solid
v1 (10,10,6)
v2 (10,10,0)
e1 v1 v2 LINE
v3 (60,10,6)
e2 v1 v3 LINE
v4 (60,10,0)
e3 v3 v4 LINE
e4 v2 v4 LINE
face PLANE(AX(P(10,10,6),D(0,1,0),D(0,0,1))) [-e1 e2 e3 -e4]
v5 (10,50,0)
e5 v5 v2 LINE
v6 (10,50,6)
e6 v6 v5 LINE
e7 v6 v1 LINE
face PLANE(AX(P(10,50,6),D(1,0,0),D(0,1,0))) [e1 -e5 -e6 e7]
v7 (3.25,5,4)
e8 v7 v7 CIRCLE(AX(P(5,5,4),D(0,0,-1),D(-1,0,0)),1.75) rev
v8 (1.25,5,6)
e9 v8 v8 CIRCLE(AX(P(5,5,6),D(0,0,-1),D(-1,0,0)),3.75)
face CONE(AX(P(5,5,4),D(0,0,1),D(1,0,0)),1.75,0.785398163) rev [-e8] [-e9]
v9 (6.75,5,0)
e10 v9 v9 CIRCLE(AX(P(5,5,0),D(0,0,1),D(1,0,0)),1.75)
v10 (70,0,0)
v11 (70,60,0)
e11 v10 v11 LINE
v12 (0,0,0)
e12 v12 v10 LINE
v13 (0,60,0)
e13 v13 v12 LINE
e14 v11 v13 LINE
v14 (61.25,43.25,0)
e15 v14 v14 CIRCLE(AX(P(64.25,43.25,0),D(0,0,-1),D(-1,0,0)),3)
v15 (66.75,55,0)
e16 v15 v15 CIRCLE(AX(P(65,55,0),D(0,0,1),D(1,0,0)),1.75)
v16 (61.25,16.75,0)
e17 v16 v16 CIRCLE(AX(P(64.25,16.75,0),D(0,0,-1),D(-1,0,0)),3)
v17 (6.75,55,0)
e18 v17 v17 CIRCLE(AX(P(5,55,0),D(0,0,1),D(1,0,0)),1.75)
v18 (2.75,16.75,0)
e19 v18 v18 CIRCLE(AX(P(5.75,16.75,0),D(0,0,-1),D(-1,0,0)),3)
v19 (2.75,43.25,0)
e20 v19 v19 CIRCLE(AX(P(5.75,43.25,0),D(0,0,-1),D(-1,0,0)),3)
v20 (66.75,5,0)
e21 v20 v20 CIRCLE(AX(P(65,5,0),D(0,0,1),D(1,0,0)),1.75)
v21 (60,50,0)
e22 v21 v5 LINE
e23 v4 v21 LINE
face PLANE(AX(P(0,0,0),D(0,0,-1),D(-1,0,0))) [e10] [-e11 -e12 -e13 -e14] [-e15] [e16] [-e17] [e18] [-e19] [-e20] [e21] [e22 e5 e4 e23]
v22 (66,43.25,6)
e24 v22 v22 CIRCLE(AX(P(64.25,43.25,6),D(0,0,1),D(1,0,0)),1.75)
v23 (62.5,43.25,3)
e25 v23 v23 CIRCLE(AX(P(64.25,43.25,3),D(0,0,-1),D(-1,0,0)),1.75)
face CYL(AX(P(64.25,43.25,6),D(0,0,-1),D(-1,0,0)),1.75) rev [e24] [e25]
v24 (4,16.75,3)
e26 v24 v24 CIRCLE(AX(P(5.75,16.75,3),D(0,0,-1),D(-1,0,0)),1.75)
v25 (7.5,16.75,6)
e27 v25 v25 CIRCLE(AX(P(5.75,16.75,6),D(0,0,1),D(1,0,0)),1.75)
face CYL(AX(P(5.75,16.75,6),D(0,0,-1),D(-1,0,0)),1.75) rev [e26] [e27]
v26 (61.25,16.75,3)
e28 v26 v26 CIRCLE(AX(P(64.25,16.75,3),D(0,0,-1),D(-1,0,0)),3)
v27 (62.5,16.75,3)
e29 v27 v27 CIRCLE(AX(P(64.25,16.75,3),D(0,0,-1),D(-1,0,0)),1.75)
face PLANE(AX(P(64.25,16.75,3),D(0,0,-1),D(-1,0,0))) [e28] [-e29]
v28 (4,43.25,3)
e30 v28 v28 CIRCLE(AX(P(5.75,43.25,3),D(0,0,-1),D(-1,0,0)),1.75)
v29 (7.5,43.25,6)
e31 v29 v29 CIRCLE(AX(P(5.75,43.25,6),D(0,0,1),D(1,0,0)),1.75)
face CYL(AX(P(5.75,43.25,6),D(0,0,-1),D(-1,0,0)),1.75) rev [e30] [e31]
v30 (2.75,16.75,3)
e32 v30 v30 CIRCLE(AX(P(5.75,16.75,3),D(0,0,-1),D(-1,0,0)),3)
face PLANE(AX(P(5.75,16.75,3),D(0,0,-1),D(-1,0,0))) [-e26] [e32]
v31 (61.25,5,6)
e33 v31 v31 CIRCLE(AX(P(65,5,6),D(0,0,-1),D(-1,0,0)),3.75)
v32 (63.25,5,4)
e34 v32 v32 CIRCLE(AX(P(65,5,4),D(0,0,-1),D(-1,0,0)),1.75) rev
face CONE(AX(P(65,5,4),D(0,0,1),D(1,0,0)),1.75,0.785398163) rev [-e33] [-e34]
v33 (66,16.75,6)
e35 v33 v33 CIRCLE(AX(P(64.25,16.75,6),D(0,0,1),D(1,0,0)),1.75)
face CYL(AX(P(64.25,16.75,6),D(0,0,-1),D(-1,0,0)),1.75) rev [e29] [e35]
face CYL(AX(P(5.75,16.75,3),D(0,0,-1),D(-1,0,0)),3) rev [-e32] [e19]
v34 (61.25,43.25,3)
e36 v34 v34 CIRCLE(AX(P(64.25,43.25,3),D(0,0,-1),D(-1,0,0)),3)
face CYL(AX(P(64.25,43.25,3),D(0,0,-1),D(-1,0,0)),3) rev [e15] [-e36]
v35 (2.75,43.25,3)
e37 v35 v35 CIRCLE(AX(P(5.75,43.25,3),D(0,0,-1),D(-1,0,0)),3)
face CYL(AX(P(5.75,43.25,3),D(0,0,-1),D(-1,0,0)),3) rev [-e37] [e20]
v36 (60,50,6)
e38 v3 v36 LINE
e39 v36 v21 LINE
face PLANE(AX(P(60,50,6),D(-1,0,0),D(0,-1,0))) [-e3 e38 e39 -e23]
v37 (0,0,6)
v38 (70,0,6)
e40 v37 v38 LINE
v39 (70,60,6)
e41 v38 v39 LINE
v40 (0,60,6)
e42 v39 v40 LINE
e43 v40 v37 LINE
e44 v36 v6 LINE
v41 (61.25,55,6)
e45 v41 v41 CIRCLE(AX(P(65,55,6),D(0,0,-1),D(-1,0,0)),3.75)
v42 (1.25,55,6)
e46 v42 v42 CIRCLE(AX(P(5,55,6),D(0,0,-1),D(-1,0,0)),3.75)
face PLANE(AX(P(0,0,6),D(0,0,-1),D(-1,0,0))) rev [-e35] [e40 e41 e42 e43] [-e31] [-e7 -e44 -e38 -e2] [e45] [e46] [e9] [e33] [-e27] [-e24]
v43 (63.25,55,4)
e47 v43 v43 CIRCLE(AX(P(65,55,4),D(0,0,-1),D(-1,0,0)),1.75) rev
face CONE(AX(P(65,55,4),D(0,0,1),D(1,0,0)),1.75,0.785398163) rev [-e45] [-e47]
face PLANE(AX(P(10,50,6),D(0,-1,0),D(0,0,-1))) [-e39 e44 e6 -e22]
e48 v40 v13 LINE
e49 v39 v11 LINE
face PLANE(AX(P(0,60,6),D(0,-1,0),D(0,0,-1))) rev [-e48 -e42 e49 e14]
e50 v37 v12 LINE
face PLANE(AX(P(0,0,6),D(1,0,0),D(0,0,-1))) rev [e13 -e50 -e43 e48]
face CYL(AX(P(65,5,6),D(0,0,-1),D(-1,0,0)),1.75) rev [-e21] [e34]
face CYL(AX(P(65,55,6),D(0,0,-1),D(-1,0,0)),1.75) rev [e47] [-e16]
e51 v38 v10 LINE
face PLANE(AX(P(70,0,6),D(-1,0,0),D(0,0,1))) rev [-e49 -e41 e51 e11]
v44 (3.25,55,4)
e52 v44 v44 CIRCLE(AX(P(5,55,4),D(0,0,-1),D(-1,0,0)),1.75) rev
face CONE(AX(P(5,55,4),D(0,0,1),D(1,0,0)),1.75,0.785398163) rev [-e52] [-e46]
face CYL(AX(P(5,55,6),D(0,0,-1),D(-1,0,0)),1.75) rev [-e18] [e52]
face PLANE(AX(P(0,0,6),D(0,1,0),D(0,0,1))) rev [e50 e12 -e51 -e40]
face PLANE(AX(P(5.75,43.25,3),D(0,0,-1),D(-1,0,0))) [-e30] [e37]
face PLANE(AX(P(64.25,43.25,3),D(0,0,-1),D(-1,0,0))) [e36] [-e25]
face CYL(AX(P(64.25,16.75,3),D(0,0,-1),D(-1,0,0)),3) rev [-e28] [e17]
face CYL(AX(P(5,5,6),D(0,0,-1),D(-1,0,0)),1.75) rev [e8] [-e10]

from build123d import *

# Parameters (mm, degrees)
SKETCH1_W           = 70
SKETCH1_H           = 60
SKETCH1_R           = 1.75
SKETCH1_W_2         = 50
SKETCH1_H_2         = 40
BOSS_EXTRUDE1_DEPTH = 6
CHAMFER1_SIZE       = 2
SKETCH3_R           = 3
CUT_EXTRUDE1_DEPTH  = 3


with BuildPart() as part:
    # Sketch1 → Boss-Extrude1 (new body)
    with BuildSketch(Plane.XY):
        with Locations((35, 30)):
            Rectangle(SKETCH1_W, SKETCH1_H)
        with Locations((5.75, 16.75)):
            Circle(SKETCH1_R, mode=Mode.SUBTRACT)
        with Locations((5.75, 43.25)):
            Circle(SKETCH1_R, mode=Mode.SUBTRACT)
        with Locations((64.25, 43.25)):
            Circle(SKETCH1_R, mode=Mode.SUBTRACT)
        with Locations((64.25, 16.75)):
            Circle(SKETCH1_R, mode=Mode.SUBTRACT)
        with Locations((5, 55)):
            Circle(SKETCH1_R, mode=Mode.SUBTRACT)
        with Locations((65, 55)):
            Circle(SKETCH1_R, mode=Mode.SUBTRACT)
        with Locations((65, 5)):
            Circle(SKETCH1_R, mode=Mode.SUBTRACT)
        with Locations((5, 5)):
            Circle(SKETCH1_R, mode=Mode.SUBTRACT)
        with Locations((35, 30)):
            Rectangle(SKETCH1_W_2, SKETCH1_H_2, mode=Mode.SUBTRACT)
    extrude(amount=BOSS_EXTRUDE1_DEPTH)

    # Chamfer1
    chamfer1_edges = [part.edges().sort_by_distance(p)[0] for p in [
        (3.25, 55, 6),
        (63.25, 55, 6),
        (63.25, 5, 6),
        (3.25, 5, 6),
    ]]
    chamfer(chamfer1_edges, length=CHAMFER1_SIZE)

    # Sketch3 → Cut-Extrude1 (cut)
    with BuildSketch(Plane(origin=(0, 0, 0), x_dir=(-1, 0, 0), z_dir=(0, 0, -1))):
        with Locations((-64.25, 43.25)):
            Circle(SKETCH3_R)
        with Locations((-64.25, 16.75)):
            Circle(SKETCH3_R)
        with Locations((-5.75, 16.75)):
            Circle(SKETCH3_R)
        with Locations((-5.75, 43.25)):
            Circle(SKETCH3_R)
    extrude(amount=-CUT_EXTRUDE1_DEPTH, mode=Mode.SUBTRACT)


solid = part.part
